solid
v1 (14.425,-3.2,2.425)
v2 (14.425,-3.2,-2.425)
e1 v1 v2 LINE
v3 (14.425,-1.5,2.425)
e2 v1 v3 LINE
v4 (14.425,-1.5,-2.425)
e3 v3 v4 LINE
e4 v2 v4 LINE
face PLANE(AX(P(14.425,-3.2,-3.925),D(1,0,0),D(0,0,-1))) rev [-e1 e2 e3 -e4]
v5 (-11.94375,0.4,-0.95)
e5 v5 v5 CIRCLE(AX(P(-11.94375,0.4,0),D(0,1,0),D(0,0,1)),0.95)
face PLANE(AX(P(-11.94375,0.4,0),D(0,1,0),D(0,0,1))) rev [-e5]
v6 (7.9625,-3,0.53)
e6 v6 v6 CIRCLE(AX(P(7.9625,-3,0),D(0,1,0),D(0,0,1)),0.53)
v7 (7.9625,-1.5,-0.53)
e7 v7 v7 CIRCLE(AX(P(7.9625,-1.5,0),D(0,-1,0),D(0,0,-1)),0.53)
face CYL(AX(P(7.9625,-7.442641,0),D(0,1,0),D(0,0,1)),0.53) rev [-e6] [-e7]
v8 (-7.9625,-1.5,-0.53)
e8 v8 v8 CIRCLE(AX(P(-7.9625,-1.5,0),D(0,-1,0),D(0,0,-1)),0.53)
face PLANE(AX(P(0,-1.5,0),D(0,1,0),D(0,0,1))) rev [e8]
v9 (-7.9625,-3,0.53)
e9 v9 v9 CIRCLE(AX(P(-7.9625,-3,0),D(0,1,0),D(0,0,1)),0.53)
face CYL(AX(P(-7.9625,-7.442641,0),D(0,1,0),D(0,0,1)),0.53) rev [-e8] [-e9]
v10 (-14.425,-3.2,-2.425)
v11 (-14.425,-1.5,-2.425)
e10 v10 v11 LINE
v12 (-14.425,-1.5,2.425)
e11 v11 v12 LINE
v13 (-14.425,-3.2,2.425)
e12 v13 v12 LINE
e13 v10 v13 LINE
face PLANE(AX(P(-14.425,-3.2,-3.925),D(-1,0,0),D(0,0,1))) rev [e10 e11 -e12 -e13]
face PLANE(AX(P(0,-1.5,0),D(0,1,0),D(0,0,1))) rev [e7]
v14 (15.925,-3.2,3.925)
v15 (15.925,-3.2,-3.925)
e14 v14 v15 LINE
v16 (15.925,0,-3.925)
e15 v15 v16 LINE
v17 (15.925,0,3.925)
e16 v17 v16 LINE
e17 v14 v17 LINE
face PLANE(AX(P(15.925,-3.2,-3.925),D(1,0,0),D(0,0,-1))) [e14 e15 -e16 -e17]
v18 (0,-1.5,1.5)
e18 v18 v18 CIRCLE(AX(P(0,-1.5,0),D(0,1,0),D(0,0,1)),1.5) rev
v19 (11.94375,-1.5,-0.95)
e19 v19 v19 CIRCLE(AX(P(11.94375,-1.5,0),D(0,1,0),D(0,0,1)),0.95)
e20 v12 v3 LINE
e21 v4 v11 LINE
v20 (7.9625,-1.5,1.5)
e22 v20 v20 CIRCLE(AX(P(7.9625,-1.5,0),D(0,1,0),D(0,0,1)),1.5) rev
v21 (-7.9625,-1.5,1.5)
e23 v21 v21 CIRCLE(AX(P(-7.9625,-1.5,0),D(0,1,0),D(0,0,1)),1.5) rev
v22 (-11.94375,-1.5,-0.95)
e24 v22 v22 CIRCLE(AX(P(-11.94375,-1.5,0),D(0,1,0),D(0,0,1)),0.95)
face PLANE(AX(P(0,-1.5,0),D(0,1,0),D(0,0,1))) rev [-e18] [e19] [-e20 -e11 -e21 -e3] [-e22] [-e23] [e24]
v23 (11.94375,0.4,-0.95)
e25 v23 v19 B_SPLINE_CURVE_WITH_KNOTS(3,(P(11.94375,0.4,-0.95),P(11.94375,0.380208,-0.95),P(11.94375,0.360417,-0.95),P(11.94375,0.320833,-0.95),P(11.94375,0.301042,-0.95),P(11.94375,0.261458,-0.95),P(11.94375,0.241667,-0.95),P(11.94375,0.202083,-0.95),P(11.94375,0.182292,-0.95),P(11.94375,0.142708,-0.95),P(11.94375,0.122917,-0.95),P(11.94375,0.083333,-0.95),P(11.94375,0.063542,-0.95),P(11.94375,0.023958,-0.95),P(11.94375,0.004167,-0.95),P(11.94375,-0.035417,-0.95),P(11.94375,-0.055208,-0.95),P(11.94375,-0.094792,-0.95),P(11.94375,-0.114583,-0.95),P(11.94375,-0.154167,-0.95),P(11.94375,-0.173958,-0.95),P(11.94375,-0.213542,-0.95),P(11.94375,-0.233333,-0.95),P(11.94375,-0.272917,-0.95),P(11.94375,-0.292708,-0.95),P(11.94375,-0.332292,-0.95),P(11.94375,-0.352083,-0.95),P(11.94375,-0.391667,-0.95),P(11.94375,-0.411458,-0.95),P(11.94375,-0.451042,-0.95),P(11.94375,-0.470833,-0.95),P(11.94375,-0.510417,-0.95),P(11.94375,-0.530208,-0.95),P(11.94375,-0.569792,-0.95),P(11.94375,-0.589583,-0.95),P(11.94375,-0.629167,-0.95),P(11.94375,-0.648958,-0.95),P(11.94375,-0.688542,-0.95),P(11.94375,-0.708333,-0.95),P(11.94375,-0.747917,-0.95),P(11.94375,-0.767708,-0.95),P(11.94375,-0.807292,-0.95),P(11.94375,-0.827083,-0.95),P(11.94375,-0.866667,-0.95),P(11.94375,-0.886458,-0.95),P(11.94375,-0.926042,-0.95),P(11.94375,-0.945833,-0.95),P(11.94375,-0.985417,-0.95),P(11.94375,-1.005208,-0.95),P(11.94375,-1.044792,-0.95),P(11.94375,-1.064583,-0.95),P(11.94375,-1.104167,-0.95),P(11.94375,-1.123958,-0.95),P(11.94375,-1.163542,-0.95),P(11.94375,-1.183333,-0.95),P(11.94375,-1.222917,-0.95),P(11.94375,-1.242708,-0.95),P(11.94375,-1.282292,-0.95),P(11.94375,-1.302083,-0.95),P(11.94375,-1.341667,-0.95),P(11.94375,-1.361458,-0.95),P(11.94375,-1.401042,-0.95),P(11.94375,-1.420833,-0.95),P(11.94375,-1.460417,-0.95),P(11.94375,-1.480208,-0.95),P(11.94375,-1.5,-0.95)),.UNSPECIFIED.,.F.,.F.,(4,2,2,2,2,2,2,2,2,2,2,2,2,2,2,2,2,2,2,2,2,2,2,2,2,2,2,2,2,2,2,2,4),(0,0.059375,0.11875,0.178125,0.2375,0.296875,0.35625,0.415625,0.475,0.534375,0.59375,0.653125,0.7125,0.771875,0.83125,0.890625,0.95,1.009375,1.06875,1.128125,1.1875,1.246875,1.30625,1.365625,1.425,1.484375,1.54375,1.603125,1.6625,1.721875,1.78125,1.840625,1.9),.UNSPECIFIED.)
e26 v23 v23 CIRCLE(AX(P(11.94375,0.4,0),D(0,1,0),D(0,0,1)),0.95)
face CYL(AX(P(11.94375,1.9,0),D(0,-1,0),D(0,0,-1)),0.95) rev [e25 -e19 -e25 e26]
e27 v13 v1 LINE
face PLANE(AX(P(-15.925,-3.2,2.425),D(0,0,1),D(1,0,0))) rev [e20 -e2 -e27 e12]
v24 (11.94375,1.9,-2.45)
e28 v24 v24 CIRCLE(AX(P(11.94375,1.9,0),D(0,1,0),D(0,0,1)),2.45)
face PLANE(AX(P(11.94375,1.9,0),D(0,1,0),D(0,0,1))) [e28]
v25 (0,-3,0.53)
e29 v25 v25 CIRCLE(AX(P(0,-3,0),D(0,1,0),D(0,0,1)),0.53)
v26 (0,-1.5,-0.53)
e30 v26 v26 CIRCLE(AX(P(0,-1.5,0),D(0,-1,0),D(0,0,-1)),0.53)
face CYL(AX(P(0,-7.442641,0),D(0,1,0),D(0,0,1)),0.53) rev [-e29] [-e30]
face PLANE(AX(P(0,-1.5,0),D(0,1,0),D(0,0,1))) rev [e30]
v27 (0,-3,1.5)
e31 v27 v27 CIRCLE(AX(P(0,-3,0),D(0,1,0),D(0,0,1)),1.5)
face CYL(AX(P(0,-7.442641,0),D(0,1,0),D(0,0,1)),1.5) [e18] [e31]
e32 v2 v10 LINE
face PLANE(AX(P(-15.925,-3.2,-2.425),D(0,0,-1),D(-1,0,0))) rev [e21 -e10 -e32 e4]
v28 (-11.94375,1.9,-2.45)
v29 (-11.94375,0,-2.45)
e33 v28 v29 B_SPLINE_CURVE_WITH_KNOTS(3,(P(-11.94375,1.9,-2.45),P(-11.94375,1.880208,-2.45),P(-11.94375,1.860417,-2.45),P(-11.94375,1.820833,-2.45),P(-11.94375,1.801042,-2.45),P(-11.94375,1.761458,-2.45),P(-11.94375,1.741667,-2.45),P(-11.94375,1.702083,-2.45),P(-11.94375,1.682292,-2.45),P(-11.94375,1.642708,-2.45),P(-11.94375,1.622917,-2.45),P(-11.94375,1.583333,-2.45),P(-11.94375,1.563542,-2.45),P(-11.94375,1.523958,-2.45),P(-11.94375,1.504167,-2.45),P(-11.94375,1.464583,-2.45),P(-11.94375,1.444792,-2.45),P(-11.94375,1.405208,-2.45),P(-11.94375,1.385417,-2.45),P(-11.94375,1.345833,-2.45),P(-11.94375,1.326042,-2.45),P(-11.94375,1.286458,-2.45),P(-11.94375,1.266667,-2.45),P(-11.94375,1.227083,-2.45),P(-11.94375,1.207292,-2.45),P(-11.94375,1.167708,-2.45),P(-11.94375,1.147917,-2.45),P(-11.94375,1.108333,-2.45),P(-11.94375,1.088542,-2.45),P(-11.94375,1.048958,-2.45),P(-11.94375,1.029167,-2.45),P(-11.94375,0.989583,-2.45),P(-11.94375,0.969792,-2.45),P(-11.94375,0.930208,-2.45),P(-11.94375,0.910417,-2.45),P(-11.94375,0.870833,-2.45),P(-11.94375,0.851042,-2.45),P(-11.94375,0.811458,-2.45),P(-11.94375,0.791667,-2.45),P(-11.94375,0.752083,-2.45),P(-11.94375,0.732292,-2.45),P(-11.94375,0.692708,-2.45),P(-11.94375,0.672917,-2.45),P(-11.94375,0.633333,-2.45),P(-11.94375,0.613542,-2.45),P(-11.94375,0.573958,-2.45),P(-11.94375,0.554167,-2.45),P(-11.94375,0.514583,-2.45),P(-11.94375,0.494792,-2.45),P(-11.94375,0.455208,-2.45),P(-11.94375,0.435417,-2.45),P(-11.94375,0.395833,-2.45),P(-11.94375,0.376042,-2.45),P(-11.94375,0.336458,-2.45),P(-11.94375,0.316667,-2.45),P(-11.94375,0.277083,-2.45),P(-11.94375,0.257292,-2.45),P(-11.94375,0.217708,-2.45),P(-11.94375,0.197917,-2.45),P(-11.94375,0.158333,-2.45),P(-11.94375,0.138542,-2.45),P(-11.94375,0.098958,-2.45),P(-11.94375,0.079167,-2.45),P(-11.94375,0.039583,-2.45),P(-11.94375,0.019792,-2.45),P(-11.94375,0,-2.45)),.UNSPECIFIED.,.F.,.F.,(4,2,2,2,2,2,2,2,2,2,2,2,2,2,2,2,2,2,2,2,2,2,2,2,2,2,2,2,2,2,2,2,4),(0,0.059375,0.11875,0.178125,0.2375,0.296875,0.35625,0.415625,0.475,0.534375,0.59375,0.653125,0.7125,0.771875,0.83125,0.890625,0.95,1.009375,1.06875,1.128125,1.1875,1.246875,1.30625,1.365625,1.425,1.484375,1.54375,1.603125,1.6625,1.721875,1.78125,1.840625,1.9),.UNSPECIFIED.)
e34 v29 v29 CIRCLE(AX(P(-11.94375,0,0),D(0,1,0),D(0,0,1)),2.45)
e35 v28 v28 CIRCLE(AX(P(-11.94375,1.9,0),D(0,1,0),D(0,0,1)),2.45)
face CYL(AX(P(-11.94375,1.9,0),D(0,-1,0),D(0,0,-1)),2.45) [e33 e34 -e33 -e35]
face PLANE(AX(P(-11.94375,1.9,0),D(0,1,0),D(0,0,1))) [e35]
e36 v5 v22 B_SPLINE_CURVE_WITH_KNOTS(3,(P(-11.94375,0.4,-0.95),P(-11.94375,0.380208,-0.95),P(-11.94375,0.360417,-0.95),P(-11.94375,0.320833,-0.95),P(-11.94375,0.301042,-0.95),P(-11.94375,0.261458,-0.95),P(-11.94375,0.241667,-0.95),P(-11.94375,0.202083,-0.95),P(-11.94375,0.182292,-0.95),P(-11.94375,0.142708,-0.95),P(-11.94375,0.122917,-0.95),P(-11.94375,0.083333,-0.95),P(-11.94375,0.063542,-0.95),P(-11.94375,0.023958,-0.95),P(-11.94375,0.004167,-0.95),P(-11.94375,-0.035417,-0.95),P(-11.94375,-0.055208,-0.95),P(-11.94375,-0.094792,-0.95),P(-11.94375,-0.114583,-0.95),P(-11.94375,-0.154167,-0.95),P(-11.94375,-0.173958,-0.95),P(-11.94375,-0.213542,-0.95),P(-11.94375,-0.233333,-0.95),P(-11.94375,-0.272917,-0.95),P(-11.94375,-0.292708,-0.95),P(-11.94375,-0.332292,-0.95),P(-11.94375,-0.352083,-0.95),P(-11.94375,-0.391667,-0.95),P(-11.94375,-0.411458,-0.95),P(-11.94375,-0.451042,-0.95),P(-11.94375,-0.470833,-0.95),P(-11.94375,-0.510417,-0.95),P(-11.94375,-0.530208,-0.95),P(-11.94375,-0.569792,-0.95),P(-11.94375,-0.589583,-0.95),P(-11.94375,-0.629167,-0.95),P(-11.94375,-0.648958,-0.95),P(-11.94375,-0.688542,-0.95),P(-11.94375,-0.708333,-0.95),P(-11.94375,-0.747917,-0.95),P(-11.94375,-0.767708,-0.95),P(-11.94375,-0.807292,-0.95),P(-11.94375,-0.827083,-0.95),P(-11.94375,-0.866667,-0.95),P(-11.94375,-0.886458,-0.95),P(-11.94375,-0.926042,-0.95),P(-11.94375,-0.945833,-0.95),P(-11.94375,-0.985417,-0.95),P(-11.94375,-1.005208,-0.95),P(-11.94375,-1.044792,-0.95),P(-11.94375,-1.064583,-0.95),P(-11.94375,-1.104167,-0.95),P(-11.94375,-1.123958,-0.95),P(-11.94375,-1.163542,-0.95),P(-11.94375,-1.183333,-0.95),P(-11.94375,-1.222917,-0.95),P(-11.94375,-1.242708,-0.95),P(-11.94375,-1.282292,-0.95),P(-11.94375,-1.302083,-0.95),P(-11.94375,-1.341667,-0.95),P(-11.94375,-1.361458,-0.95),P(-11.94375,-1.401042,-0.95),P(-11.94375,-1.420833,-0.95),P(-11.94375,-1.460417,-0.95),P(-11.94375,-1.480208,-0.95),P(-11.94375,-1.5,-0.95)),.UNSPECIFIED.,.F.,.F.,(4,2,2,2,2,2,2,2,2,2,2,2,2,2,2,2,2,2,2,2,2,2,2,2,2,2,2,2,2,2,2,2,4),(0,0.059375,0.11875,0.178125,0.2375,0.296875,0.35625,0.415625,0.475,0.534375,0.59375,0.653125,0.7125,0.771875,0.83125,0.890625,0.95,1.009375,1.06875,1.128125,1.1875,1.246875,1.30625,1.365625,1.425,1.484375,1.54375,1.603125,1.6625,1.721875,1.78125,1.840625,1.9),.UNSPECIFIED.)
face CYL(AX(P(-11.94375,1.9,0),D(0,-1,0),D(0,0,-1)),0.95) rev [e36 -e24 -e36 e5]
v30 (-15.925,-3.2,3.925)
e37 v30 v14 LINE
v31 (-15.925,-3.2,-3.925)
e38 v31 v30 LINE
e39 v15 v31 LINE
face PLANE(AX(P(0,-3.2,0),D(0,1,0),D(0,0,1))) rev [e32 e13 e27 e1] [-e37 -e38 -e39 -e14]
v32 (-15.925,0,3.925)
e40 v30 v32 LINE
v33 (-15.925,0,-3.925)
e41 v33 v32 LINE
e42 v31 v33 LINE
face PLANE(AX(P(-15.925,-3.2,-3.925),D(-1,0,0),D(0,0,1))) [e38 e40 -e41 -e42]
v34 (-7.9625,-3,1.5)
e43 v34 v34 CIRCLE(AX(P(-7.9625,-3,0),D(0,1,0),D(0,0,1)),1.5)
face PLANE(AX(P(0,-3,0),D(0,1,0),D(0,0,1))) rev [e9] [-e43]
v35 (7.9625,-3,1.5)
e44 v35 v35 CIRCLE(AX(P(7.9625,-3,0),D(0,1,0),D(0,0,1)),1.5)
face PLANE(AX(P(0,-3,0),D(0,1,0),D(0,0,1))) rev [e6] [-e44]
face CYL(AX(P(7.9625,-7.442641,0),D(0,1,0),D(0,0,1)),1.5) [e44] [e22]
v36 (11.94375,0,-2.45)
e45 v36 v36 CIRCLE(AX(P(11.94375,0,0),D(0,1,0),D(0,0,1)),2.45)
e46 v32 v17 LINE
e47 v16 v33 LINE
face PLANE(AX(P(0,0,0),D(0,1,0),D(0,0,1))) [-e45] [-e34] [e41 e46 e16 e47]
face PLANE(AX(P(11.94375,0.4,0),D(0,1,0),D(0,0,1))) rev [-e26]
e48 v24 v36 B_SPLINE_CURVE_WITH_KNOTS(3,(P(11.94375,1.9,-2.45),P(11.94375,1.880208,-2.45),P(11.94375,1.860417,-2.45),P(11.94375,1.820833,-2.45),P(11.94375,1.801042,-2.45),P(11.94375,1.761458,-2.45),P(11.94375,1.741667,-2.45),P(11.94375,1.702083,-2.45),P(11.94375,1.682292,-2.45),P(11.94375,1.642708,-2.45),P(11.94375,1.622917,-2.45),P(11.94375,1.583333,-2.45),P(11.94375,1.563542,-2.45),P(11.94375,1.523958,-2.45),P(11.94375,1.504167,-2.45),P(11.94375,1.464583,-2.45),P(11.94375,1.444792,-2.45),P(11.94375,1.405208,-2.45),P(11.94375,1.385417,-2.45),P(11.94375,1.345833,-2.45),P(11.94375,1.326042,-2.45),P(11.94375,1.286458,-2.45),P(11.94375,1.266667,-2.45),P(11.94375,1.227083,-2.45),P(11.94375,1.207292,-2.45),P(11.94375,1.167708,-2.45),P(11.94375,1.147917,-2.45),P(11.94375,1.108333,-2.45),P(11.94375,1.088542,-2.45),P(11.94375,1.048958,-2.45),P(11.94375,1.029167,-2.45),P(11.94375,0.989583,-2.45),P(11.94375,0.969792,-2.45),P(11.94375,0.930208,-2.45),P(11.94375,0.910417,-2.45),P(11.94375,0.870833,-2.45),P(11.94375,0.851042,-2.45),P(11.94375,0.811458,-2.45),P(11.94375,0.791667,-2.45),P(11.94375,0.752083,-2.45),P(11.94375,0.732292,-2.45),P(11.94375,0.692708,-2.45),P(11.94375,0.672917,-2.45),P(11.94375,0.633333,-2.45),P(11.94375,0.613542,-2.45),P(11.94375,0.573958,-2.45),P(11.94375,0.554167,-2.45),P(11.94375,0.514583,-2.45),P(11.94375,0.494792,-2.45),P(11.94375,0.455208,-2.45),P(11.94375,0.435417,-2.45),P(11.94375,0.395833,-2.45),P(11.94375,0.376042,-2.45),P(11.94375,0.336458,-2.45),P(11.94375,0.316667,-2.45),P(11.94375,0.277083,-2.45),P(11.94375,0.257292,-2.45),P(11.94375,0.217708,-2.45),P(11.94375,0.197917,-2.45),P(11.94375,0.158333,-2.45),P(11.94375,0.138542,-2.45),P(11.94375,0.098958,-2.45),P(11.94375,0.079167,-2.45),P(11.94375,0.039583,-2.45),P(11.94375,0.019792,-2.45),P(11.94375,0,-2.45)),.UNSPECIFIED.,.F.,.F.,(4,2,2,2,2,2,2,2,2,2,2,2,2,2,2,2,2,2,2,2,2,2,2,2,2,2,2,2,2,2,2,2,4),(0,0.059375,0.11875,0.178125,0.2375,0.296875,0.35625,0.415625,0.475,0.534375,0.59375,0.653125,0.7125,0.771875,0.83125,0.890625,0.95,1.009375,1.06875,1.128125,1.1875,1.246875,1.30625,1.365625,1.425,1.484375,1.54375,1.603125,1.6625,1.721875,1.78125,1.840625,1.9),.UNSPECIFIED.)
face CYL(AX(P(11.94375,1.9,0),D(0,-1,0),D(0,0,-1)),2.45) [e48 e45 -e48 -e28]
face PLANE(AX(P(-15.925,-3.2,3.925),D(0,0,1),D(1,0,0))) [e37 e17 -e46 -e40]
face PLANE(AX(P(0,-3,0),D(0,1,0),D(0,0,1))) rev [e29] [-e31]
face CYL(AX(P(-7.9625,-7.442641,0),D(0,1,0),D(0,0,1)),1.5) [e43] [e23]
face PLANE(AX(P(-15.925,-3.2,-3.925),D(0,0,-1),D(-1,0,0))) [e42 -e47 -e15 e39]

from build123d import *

# Parameters (mm, degrees)
SKETCH1_W           = 31.85
SKETCH1_H           = 7.85
BOSS_EXTRUDE1_DEPTH = 3.2
SKETCH2_R           = 2.45
BOSS_EXTRUDE2_DEPTH = 1.9
SHELL1_T            = -1.5
SKETCH3_R           = 1.5
SKETCH3_R_2         = 0.53
BOSS_EXTRUDE3_DEPTH = 1.5


with BuildPart() as part:
    # Sketch1 → Boss-Extrude1 (new body)
    with BuildSketch(Plane(origin=(0, 0, 0), x_dir=(1, 0, 0), z_dir=(0, 1, 0))):
        Rectangle(SKETCH1_W, SKETCH1_H)
    extrude(amount=-BOSS_EXTRUDE1_DEPTH)

    # Sketch2 → Boss-Extrude2 (add)
    with BuildSketch(Plane(origin=(0, 0, 0), x_dir=(1, 0, 0), z_dir=(0, 1, 0))):
        with Locations(Location((11.94375, 0, 0), (0, 0, 90))):
            Circle(SKETCH2_R)
        with Locations(Location((-11.94375, 0, 0), (0, 0, 90))):
            Circle(SKETCH2_R)
    extrude(amount=BOSS_EXTRUDE2_DEPTH)

    # Shell1
    shell1_openings = [part.faces().sort_by_distance(p)[0] for p in [
        (0, -3.2, 0),
    ]]
    offset(amount=SHELL1_T, openings=shell1_openings, kind=Kind.INTERSECTION)

    # Sketch3 → Boss-Extrude3 (add)
    # profile 1 of 3: a face of its own
    with BuildSketch(Plane.XZ.offset(1.5)):
        with Locations(Location((-7.9625, 0, 0), (0, 0, 90))):
            Circle(SKETCH3_R)
        with Locations(Location((-7.9625, 0, 0), (0, 0, 90))):
            Circle(SKETCH3_R_2, mode=Mode.SUBTRACT)
    # profile 2 of 3: a face of its own
    with BuildSketch(Plane.XZ.offset(1.5)):
        with Locations(Location((0, 0, 0), (0, 0, 90))):
            Circle(SKETCH3_R)
        with Locations(Location((0, 0, 0), (0, 0, 90))):
            Circle(SKETCH3_R_2, mode=Mode.SUBTRACT)
    # profile 3 of 3: a face of its own
    with BuildSketch(Plane.XZ.offset(1.5)):
        with Locations(Location((7.9625, 0, 0), (0, 0, 90))):
            Circle(SKETCH3_R)
        with Locations(Location((7.9625, 0, 0), (0, 0, 90))):
            Circle(SKETCH3_R_2, mode=Mode.SUBTRACT)
    extrude(amount=BOSS_EXTRUDE3_DEPTH)


solid = part.part
